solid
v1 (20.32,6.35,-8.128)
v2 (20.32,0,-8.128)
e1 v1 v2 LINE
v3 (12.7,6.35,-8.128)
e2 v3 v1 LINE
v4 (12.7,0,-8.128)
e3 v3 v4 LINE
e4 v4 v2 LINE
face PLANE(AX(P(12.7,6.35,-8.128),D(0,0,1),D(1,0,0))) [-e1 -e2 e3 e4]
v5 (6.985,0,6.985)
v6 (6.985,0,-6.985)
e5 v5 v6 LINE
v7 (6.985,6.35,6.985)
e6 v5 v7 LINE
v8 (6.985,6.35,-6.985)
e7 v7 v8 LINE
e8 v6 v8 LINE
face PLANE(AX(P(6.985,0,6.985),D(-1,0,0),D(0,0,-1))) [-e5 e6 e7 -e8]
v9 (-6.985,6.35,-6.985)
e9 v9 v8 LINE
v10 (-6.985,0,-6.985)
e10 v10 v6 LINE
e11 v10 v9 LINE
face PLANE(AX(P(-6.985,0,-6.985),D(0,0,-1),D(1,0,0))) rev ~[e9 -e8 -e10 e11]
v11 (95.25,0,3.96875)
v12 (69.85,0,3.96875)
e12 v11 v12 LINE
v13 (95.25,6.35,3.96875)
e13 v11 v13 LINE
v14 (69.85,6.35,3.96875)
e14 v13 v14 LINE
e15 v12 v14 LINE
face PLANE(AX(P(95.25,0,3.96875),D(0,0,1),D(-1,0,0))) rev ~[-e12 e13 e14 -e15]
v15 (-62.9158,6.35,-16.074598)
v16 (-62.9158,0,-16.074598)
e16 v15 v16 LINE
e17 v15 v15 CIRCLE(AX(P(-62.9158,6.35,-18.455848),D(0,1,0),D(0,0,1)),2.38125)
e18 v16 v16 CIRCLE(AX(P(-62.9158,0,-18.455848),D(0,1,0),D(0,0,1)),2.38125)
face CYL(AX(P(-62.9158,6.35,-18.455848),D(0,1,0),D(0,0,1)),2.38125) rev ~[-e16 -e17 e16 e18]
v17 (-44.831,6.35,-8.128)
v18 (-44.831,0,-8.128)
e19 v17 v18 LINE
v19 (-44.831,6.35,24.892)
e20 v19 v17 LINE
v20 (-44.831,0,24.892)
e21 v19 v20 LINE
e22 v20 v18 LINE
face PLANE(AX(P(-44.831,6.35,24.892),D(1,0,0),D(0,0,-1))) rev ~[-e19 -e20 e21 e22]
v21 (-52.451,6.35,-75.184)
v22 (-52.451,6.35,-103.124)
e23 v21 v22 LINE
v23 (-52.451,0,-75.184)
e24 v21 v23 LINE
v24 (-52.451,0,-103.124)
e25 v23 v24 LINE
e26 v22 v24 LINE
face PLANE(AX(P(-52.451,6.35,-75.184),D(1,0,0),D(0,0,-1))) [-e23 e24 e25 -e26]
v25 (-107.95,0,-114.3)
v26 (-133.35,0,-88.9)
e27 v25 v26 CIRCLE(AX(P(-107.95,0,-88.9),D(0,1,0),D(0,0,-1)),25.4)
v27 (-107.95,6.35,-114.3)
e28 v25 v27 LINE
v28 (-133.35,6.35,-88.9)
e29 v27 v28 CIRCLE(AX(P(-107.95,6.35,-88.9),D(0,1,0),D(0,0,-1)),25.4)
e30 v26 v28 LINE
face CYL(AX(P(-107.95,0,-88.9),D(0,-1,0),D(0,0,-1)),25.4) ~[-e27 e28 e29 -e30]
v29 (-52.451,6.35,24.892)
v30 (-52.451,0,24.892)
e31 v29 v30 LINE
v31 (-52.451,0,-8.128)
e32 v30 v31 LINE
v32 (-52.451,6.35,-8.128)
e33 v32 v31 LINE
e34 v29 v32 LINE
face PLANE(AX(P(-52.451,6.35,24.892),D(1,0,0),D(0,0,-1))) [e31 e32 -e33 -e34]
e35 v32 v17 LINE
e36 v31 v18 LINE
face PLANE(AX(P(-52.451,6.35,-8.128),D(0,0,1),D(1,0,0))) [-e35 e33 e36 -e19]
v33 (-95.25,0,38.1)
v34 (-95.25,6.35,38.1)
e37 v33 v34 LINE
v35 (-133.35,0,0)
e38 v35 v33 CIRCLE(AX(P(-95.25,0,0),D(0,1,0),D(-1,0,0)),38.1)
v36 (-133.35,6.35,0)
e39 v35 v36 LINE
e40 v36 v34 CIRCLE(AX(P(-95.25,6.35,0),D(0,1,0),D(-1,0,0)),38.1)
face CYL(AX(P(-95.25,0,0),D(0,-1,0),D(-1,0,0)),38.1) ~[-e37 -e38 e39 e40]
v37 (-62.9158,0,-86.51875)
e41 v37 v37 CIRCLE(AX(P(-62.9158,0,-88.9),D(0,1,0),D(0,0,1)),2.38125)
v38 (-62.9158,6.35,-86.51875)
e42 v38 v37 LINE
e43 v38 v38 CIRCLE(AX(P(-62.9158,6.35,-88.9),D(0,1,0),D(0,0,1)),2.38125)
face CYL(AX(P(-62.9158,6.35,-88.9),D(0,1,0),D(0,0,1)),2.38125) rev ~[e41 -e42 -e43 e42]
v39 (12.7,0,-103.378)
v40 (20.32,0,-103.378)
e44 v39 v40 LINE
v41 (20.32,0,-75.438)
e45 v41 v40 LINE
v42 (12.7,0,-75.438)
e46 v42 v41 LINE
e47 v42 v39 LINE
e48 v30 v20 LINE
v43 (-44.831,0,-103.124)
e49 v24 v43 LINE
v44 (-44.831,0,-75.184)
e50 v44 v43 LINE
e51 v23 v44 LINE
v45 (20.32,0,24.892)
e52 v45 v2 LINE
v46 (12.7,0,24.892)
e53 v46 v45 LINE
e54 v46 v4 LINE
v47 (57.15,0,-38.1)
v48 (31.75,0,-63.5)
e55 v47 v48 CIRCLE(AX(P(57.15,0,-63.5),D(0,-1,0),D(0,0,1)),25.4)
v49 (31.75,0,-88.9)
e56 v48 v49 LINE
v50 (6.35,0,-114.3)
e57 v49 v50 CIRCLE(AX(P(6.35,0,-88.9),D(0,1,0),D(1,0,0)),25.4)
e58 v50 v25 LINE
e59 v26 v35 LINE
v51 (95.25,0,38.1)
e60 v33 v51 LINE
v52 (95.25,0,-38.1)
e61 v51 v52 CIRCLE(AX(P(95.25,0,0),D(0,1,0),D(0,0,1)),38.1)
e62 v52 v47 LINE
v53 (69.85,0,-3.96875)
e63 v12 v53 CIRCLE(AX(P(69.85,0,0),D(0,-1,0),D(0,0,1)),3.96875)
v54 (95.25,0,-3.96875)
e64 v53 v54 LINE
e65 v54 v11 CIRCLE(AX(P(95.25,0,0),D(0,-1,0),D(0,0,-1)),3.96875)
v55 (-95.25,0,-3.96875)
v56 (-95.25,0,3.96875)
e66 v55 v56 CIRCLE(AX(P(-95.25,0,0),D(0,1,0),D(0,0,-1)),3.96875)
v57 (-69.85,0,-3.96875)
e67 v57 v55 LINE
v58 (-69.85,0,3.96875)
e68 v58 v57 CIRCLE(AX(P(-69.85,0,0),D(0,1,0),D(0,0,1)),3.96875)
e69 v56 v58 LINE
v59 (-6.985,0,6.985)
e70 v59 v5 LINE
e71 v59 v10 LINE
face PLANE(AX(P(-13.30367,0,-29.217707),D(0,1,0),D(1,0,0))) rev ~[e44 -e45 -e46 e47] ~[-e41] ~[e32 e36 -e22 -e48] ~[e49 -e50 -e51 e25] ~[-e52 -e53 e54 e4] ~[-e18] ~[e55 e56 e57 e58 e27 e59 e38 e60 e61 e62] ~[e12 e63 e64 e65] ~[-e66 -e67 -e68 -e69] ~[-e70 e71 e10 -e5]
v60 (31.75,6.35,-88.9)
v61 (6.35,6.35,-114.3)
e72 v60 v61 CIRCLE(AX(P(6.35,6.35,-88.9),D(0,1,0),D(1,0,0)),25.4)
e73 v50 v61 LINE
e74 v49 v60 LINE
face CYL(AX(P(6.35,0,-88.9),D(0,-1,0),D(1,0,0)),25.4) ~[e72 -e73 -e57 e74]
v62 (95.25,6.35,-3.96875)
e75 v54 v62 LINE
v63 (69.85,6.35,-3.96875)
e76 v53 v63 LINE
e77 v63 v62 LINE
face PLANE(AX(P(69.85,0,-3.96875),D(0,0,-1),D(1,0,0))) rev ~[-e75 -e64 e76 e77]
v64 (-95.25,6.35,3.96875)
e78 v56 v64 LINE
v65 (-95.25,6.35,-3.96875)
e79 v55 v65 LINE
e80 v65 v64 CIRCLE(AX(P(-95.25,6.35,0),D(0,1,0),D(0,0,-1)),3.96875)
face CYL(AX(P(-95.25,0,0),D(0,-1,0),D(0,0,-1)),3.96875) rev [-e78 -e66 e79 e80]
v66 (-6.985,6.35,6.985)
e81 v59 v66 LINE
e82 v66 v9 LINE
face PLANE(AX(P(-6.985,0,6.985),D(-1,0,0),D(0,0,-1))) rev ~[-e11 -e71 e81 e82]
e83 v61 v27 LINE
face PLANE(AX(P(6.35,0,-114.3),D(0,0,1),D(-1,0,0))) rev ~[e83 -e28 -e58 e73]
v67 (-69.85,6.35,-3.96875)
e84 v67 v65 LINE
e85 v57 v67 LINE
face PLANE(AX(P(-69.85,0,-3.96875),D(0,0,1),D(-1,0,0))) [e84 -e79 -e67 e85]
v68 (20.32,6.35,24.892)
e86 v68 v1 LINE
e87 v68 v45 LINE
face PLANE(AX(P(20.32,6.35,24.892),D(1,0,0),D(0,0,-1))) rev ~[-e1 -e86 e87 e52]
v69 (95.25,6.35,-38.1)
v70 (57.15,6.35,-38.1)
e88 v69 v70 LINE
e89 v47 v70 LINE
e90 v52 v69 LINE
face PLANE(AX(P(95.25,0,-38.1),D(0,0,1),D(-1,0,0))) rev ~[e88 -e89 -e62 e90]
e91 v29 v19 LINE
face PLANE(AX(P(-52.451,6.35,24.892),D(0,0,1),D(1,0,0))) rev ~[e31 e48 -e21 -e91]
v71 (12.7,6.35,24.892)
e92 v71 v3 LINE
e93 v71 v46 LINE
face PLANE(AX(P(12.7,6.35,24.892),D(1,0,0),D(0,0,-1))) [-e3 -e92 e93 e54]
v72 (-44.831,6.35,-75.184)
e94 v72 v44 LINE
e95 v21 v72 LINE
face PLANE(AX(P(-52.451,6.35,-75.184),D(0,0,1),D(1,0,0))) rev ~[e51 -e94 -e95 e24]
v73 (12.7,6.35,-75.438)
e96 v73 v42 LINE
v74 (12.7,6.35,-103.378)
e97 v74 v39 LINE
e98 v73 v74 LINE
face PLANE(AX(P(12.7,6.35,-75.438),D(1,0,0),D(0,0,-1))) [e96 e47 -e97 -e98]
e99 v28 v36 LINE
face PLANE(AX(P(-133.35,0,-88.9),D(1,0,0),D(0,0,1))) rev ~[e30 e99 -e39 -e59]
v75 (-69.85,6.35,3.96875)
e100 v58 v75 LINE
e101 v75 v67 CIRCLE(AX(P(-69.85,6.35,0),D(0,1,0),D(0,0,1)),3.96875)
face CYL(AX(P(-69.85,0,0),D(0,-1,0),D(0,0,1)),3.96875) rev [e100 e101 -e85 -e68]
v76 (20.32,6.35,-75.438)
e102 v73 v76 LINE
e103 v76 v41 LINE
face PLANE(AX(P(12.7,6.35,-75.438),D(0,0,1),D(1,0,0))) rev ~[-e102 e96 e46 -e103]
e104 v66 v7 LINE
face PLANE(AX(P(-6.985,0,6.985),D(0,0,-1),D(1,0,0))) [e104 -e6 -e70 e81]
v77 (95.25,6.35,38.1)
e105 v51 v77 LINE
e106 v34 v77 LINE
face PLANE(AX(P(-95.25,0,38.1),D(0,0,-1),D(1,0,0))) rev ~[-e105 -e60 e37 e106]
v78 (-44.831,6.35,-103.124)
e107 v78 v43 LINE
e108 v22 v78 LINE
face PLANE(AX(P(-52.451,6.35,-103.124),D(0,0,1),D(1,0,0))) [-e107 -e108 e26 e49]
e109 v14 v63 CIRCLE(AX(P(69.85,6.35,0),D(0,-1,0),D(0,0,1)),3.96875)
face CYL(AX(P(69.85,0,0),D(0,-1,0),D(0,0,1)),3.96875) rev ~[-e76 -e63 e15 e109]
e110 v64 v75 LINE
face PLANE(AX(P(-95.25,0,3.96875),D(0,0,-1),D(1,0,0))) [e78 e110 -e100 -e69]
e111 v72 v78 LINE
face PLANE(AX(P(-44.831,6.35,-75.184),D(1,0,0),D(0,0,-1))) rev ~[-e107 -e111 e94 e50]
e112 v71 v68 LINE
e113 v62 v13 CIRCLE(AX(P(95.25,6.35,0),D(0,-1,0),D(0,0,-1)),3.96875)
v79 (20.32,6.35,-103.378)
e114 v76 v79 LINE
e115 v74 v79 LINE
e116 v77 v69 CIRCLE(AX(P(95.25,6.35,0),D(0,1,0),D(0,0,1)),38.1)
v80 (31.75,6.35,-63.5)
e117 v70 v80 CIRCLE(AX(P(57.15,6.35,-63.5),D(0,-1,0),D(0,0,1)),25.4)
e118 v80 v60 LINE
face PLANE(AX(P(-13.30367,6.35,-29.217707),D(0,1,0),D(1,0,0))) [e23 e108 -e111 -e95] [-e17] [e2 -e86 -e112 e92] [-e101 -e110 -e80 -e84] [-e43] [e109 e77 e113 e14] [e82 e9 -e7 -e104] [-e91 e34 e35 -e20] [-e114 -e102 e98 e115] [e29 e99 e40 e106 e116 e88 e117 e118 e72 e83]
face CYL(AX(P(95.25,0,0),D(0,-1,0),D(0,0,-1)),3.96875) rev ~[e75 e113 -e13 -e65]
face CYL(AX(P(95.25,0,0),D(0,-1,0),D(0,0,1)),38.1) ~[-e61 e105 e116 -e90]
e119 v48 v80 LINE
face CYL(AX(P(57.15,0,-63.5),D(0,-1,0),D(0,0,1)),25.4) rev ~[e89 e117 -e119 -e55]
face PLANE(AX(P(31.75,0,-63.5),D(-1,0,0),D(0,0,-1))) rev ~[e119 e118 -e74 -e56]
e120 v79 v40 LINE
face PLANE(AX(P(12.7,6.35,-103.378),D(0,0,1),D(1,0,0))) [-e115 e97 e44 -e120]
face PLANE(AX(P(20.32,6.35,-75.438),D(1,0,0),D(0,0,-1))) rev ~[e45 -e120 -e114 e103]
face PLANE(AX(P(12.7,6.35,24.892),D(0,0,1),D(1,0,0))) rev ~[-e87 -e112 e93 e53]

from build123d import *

# Parameters (mm, degrees)
SKETCH1_W           = 13.97
SKETCH1_H           = 13.97
BOSS_EXTRUDE1_DEPTH = 6.35
SKETCH4_W           = 7.62
SKETCH4_H           = 33.02
SKETCH4_H_2         = 27.94
CUT_EXTRUDE1_DEPTH  = 176.747076789
SKETCH5_R           = 2.38125
CUT_EXTRUDE2_DEPTH  = 176.747076789


with BuildPart() as part:
    # Sketch1 → Boss-Extrude1 (new body)
    with BuildSketch(Plane(origin=(0, 0, 0), x_dir=(1, 0, 0), z_dir=(0, 1, 0))):
        with BuildLine():
            Line((-95.25, -38.1), (95.25, -38.1))
            ThreePointArc((95.25, -38.1), (133.35, 0), (95.25, 38.1))
            Line((95.25, 38.1), (57.15, 38.1))
            ThreePointArc((57.15, 38.1), (39.189487758, 45.539487758), (31.75, 63.5))
            Line((31.75, 63.5), (31.75, 88.9))
            ThreePointArc((31.75, 88.9), (24.310512242, 106.860512242), (6.35, 114.3))
            Line((6.35, 114.3), (-107.95, 114.3))
            ThreePointArc((-107.95, 114.3), (-125.910512242, 106.860512242), (-133.35, 88.9))
            Line((-133.35, 88.9), (-133.35, 0))
            ThreePointArc((-133.35, 0), (-122.190768363, -26.940768363), (-95.25, -38.1))
        make_face()
        Rectangle(SKETCH1_W, SKETCH1_H, mode=Mode.SUBTRACT)
        with BuildLine():
            Line((95.25, -3.96875), (69.85, -3.96875))
            ThreePointArc((69.85, -3.96875), (65.88125, 0), (69.85, 3.96875))
            Line((69.85, 3.96875), (95.25, 3.96875))
            ThreePointArc((95.25, 3.96875), (99.21875, 0), (95.25, -3.96875))
        make_face(mode=Mode.SUBTRACT)
        with BuildLine():
            Line((-95.25, -3.96875), (-69.85, -3.96875))
            ThreePointArc((-69.85, -3.96875), (-65.88125, 0), (-69.85, 3.96875))
            Line((-69.85, 3.96875), (-95.25, 3.96875))
            ThreePointArc((-95.25, 3.96875), (-99.21875, 0), (-95.25, -3.96875))
        make_face(mode=Mode.SUBTRACT)
    extrude(amount=BOSS_EXTRUDE1_DEPTH)

    # Sketch4 → Cut-Extrude1 (cut, through all)
    with BuildSketch(Plane(origin=(0, 6.35, 0), x_dir=(1, 0, 0), z_dir=(0, 1, 0))):
        with Locations((16.51, -8.382)):
            Rectangle(SKETCH4_W, SKETCH4_H)
        with Locations((-48.641, -8.382)):
            Rectangle(SKETCH4_W, SKETCH4_H)
        with Locations((16.51, 89.408)):
            Rectangle(SKETCH4_W, SKETCH4_H_2)
        with Locations((-48.641, 89.154)):
            Rectangle(SKETCH4_W, SKETCH4_H_2)
    extrude(amount=-CUT_EXTRUDE1_DEPTH, mode=Mode.SUBTRACT)

    # Sketch5 → Cut-Extrude2 (cut, through all)
    with BuildSketch(Plane(origin=(0, 6.35, 0), x_dir=(1, 0, 0), z_dir=(0, 1, 0))):
        with Locations(Location((-62.9158, 88.9, 0), (0, 0, 270))):
            Circle(SKETCH5_R)
        with Locations(Location((-62.9158, 18.455847939, 0), (0, 0, 270))):
            Circle(SKETCH5_R)
    extrude(amount=-CUT_EXTRUDE2_DEPTH, mode=Mode.SUBTRACT)


solid = part.part
